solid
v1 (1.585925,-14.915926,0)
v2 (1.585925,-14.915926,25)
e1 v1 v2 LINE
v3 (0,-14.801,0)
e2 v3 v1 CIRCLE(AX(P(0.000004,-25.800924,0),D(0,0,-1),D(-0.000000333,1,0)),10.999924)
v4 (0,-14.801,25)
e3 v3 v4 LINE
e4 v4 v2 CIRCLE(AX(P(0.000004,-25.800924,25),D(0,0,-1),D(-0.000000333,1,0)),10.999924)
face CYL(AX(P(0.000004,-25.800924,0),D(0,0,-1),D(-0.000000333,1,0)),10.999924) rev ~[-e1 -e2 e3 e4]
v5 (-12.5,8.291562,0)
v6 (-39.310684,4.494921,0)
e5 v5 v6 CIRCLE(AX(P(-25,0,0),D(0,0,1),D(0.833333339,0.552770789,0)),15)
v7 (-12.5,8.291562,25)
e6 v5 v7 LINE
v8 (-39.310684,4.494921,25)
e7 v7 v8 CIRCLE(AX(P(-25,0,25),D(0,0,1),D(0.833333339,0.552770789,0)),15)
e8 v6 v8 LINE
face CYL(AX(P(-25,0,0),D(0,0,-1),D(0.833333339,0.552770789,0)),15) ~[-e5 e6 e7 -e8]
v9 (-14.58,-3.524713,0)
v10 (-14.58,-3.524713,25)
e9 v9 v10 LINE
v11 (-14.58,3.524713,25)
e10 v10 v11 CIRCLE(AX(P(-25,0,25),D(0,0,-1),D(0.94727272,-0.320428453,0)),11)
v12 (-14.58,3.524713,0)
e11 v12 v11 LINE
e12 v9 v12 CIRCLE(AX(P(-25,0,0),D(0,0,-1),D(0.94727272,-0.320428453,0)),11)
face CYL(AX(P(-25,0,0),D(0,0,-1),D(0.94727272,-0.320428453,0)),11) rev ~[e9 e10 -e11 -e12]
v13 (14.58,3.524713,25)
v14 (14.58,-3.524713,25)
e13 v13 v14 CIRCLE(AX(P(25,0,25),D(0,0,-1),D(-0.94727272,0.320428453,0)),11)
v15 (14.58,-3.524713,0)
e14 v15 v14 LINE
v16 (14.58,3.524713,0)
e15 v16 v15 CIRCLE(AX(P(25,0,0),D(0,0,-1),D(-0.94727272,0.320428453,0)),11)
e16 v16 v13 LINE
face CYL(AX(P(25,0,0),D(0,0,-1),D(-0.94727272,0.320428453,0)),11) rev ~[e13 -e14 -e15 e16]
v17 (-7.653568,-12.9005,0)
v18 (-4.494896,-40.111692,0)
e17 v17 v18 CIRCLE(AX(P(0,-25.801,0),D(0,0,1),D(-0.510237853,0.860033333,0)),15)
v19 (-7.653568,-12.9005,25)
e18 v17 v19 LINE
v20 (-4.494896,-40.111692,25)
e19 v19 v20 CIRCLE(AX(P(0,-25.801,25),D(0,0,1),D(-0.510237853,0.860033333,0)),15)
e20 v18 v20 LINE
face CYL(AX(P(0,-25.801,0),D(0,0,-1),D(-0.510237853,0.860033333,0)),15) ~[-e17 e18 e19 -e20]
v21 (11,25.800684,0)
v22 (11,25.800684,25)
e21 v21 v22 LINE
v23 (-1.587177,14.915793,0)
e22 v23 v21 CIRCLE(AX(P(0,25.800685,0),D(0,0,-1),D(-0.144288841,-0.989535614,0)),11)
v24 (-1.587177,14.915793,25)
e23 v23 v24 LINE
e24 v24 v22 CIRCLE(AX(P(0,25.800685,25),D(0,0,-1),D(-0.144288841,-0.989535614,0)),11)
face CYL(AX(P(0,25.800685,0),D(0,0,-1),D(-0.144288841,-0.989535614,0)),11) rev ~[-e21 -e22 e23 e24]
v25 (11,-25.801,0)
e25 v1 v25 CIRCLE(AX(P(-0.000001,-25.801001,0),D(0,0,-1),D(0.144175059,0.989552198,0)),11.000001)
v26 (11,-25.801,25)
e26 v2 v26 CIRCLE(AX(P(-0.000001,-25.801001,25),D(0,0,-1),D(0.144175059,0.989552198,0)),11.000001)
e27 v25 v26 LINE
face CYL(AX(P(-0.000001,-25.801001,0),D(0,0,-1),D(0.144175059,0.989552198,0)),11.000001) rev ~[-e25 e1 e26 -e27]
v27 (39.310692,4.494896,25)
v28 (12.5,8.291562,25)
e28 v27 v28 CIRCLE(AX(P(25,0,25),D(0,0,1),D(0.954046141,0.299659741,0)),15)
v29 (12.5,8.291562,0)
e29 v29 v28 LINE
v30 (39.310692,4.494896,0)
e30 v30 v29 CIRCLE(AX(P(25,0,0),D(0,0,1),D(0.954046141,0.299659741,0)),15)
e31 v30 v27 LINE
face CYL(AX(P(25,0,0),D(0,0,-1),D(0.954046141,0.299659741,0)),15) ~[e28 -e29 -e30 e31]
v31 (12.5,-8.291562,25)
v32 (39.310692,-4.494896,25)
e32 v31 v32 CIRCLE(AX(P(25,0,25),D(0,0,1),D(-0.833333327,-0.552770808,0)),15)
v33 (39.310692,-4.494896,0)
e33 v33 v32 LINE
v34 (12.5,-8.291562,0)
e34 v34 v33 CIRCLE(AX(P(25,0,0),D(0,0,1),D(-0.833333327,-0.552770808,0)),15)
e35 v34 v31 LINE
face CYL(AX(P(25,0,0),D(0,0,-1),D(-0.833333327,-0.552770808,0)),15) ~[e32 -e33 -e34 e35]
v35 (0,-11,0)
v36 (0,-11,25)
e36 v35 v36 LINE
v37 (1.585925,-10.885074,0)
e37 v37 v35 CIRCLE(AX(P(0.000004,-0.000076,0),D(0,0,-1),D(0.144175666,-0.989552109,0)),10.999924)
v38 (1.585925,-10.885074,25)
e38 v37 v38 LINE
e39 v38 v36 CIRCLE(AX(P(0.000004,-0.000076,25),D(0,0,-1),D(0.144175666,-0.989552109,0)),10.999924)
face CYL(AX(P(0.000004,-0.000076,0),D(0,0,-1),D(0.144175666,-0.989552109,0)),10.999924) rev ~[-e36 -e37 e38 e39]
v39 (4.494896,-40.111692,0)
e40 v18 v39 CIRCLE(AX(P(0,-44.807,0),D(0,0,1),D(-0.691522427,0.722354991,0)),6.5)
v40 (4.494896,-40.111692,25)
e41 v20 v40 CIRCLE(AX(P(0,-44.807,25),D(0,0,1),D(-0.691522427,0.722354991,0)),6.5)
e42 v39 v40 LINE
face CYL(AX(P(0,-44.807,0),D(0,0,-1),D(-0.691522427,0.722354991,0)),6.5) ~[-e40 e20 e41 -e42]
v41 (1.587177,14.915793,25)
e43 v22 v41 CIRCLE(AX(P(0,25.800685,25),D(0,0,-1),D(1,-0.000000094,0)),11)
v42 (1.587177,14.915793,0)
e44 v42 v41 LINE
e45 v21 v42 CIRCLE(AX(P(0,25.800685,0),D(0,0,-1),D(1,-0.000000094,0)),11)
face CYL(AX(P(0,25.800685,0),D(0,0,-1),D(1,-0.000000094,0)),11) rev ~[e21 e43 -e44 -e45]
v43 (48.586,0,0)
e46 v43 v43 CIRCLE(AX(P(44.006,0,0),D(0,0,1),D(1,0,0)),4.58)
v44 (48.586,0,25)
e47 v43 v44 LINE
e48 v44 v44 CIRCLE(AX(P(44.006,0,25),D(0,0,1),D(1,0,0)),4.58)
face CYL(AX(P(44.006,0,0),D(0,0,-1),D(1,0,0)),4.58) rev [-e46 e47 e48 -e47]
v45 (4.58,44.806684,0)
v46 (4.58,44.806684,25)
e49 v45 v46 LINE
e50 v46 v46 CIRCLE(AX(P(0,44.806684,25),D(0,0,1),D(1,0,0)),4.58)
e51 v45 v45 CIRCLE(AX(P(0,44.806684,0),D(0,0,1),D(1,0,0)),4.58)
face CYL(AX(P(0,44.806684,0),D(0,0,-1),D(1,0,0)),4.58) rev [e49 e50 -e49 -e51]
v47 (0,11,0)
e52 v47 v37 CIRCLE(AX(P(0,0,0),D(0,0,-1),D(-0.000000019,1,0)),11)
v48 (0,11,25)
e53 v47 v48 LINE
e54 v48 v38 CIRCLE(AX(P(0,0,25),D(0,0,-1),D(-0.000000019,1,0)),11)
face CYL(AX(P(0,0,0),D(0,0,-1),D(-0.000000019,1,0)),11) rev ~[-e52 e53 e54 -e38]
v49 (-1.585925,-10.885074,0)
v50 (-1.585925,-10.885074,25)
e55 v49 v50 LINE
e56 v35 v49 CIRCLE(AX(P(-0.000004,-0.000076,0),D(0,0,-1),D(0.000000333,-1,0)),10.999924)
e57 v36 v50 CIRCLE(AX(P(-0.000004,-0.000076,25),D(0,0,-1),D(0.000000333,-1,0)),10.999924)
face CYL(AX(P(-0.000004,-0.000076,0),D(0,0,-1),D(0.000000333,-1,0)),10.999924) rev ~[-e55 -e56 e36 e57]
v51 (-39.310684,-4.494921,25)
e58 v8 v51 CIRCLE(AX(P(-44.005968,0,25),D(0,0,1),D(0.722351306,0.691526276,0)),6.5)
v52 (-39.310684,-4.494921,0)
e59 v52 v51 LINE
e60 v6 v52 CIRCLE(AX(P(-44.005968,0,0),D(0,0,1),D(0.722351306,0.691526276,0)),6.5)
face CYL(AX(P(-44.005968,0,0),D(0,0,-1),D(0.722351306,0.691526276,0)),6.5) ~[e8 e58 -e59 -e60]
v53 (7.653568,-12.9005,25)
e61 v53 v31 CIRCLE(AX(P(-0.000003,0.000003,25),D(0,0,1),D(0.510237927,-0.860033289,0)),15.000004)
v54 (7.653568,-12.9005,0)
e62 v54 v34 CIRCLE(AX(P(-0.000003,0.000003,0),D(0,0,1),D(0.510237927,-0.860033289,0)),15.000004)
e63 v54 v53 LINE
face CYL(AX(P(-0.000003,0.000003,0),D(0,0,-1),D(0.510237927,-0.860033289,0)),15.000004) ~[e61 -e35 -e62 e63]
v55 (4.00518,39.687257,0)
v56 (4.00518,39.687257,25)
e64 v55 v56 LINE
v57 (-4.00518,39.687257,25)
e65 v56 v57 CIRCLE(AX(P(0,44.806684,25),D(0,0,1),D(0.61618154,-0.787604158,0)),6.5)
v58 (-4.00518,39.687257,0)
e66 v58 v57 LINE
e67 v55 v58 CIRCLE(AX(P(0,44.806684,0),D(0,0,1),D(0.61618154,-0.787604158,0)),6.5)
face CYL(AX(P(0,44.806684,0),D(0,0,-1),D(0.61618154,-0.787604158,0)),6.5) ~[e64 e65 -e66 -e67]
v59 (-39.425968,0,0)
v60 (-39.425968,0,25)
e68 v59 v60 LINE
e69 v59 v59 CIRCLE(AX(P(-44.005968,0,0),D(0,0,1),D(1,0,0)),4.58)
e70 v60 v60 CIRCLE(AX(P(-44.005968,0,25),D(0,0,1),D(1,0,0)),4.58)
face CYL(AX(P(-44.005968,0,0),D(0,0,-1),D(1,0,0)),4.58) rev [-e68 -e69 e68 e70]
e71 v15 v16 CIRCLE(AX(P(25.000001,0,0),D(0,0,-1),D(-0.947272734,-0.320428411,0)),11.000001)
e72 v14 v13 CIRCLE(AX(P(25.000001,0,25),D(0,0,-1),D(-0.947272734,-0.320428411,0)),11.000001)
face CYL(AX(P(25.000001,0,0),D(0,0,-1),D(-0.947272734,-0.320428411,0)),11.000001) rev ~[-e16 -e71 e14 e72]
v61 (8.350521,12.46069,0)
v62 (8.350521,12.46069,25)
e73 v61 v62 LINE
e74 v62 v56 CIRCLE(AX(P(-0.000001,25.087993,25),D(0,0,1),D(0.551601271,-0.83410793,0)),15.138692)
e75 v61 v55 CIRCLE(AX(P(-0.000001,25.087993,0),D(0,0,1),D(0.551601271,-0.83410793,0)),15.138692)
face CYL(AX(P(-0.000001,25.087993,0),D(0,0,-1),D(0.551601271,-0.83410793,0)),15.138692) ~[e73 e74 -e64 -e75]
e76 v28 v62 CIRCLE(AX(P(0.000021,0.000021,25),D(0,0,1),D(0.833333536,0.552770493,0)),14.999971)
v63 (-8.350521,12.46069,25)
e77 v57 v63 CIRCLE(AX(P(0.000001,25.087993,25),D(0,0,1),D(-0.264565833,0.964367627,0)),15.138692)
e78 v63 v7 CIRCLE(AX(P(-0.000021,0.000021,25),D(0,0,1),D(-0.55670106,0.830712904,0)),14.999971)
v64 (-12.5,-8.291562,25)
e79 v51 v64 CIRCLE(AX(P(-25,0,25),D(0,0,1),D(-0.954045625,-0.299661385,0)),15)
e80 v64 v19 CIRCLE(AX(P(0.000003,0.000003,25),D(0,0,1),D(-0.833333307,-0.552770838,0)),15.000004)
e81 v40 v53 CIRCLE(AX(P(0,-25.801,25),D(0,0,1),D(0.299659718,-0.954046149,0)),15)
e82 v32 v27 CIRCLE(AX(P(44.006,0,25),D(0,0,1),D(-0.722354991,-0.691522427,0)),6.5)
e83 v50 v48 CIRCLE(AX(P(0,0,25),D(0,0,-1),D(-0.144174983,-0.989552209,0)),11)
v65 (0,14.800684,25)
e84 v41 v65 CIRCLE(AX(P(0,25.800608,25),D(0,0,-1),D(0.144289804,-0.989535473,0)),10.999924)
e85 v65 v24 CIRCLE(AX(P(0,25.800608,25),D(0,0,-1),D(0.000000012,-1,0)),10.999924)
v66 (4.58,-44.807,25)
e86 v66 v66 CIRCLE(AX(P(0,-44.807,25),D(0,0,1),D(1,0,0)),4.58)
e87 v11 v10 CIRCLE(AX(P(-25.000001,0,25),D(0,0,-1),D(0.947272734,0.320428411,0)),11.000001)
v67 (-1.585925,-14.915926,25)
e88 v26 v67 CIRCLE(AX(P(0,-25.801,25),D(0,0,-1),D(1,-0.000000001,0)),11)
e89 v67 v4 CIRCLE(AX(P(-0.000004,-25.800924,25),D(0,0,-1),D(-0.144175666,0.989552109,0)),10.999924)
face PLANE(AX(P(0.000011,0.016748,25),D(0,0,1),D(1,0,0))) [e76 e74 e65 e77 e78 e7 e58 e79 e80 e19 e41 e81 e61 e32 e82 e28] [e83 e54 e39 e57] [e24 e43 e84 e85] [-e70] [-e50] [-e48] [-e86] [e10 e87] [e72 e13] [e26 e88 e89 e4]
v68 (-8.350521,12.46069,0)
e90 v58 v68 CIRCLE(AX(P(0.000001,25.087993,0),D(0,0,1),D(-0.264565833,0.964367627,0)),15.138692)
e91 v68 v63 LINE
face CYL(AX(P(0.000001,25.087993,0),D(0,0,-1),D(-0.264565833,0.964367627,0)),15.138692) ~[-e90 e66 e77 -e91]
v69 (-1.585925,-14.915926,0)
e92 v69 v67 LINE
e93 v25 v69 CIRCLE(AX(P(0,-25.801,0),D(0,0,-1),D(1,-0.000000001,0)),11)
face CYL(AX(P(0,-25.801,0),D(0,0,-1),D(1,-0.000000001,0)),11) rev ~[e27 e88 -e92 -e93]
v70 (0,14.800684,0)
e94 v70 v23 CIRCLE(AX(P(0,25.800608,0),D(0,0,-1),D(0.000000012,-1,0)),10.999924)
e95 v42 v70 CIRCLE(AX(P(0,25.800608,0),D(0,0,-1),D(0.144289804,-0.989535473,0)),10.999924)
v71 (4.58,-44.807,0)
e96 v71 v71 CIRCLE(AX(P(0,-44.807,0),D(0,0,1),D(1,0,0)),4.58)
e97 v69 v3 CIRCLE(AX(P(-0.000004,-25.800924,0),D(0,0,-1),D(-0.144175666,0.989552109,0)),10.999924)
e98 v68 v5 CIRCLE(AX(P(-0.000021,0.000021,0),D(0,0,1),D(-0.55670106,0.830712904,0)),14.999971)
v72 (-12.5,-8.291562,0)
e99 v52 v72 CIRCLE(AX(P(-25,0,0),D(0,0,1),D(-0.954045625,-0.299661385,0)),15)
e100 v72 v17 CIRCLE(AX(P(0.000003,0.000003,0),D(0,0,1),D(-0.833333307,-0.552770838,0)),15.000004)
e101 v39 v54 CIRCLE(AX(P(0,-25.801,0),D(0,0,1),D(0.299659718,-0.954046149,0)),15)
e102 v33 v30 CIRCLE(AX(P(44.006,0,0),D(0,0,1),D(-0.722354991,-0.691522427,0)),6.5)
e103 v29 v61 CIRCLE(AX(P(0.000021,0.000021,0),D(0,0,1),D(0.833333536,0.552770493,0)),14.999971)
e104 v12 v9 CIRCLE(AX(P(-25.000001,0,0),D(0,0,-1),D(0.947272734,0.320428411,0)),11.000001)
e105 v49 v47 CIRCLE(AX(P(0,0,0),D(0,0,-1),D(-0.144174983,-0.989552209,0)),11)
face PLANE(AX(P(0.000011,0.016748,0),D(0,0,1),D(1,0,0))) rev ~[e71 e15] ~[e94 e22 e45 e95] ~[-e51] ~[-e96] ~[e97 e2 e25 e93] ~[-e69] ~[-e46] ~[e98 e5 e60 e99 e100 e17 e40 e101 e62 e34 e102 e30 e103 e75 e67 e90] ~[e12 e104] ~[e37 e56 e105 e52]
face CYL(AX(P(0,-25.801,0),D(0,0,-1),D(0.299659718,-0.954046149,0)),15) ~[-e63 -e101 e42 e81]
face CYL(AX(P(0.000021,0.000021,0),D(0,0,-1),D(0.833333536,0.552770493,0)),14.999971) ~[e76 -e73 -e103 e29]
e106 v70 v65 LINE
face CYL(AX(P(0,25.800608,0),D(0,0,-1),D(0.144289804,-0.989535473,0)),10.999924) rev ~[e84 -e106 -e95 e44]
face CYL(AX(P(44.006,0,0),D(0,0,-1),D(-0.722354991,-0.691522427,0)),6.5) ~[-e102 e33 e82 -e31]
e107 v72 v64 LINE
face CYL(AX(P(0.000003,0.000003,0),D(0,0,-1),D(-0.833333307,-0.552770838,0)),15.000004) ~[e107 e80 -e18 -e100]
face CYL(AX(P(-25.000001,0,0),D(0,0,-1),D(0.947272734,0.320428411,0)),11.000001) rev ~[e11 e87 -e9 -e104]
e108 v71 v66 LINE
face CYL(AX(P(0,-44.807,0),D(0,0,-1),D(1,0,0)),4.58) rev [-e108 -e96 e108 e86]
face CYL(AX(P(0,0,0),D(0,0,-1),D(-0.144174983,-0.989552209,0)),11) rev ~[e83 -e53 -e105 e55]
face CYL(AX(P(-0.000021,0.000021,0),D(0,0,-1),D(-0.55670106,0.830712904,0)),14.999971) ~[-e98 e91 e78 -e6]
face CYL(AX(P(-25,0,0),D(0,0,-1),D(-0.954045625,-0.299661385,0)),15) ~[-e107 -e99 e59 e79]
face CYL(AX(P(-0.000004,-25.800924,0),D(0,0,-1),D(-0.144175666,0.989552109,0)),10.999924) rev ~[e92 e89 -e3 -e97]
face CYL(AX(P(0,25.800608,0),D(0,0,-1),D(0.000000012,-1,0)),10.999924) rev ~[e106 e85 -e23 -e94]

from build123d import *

# Parameters (mm, degrees)
F0_R     = 4.58
F1_DEPTH = 25


with BuildPart() as f1:
    # F0 (on Top) → F1 (new body)
    with BuildSketch(Plane.XY):
        with BuildLine():
            ThreePointArc((-39.310684, -4.494921), (-27.103156, -14.851826), (-12.5, -8.291562))
            ThreePointArc((-12.5, -8.291562), (-10.336931, -10.869584), (-7.653568, -12.9005))
            ThreePointArc((-7.653568, -12.9005), (-14.899951, -27.530585), (-4.494896, -40.111692))
            ThreePointArc((-4.494896, -40.111692), (0, -51.307), (4.494896, -40.111692))
            ThreePointArc((4.494896, -40.111692), (14.899951, -27.530585), (7.653568, -12.9005))
            ThreePointArc((7.653568, -12.9005), (10.336931, -10.869584), (12.5, -8.291562))
            ThreePointArc((12.5, -8.291562), (27.103169, -14.851824), (39.310692, -4.494896))
            ThreePointArc((39.310692, -4.494896), (50.506, 0), (39.310692, 4.494896))
            ThreePointArc((39.310692, 4.494896), (27.103169, 14.851824), (12.5, 8.291562))
            ThreePointArc((12.5, 8.291562), (10.631626, 10.581519), (8.350521, 12.46069))
            ThreePointArc((8.350521, 12.46069), (14.949492, 27.473922), (4.00518, 39.687257))
            ThreePointArc((4.00518, 39.687257), (0, 51.306684), (-4.00518, 39.687257))
            ThreePointArc((-4.00518, 39.687257), (-14.949492, 27.473922), (-8.350521, 12.46069))
            ThreePointArc((-8.350521, 12.46069), (-10.631626, 10.581519), (-12.5, 8.291562))
            ThreePointArc((-12.5, 8.291562), (-27.103156, 14.851826), (-39.310684, 4.494921))
            ThreePointArc((-39.310684, 4.494921), (-50.505968, 0), (-39.310684, -4.494921))
        make_face()
        with Locations((0, -44.807)):
            Circle(F0_R, mode=Mode.SUBTRACT)
        with BuildLine():
            ThreePointArc((-1.585925, -14.915926), (-0.795042, -14.829769), (0, -14.801))
            ThreePointArc((0, -14.801), (0.795042, -14.829769), (1.585925, -14.915926))
            ThreePointArc((1.585925, -14.915926), (8.320011, -18.605348), (11, -25.801))
            ThreePointArc((11, -25.801), (-7.195652, -34.121011), (-1.585925, -14.915926))
        make_face(mode=Mode.SUBTRACT)
        with Locations((-44.005968, 0)):
            Circle(F0_R, mode=Mode.SUBTRACT)
        with BuildLine():
            ThreePointArc((-14.58, -3.524713), (-36, 0), (-14.58, 3.524713))
            ThreePointArc((-14.58, 3.524713), (-14, 0), (-14.58, -3.524713))
        make_face(mode=Mode.SUBTRACT)
        with BuildLine():
            ThreePointArc((-1.585925, -10.885074), (-10.971231, 0.795042), (0, 11))
            ThreePointArc((0, 11), (10.971231, 0.795042), (1.585925, -10.885074))
            ThreePointArc((1.585925, -10.885074), (0.795042, -10.971231), (0, -11))
            ThreePointArc((0, -11), (-0.795042, -10.971231), (-1.585925, -10.885074))
        make_face(mode=Mode.SUBTRACT)
        with BuildLine():
            ThreePointArc((0, 14.800684), (-0.795673, 14.829499), (-1.587177, 14.915793))
            ThreePointArc((-1.587177, 14.915793), (-7.195174, 34.121109), (11, 25.800684))
            ThreePointArc((11, 25.800684), (8.320425, 18.605511), (1.587177, 14.915793))
            ThreePointArc((1.587177, 14.915793), (0.795673, 14.829499), (0, 14.800684))
        make_face(mode=Mode.SUBTRACT)
        with Locations((0, 44.806684)):
            Circle(F0_R, mode=Mode.SUBTRACT)
        with BuildLine():
            ThreePointArc((14.58, -3.524713), (14, 0), (14.58, 3.524713))
            ThreePointArc((14.58, 3.524713), (36, 0), (14.58, -3.524713))
        make_face(mode=Mode.SUBTRACT)
        with Locations((44.006, 0)):
            Circle(F0_R, mode=Mode.SUBTRACT)
    extrude(amount=F1_DEPTH)


solid = f1.part
